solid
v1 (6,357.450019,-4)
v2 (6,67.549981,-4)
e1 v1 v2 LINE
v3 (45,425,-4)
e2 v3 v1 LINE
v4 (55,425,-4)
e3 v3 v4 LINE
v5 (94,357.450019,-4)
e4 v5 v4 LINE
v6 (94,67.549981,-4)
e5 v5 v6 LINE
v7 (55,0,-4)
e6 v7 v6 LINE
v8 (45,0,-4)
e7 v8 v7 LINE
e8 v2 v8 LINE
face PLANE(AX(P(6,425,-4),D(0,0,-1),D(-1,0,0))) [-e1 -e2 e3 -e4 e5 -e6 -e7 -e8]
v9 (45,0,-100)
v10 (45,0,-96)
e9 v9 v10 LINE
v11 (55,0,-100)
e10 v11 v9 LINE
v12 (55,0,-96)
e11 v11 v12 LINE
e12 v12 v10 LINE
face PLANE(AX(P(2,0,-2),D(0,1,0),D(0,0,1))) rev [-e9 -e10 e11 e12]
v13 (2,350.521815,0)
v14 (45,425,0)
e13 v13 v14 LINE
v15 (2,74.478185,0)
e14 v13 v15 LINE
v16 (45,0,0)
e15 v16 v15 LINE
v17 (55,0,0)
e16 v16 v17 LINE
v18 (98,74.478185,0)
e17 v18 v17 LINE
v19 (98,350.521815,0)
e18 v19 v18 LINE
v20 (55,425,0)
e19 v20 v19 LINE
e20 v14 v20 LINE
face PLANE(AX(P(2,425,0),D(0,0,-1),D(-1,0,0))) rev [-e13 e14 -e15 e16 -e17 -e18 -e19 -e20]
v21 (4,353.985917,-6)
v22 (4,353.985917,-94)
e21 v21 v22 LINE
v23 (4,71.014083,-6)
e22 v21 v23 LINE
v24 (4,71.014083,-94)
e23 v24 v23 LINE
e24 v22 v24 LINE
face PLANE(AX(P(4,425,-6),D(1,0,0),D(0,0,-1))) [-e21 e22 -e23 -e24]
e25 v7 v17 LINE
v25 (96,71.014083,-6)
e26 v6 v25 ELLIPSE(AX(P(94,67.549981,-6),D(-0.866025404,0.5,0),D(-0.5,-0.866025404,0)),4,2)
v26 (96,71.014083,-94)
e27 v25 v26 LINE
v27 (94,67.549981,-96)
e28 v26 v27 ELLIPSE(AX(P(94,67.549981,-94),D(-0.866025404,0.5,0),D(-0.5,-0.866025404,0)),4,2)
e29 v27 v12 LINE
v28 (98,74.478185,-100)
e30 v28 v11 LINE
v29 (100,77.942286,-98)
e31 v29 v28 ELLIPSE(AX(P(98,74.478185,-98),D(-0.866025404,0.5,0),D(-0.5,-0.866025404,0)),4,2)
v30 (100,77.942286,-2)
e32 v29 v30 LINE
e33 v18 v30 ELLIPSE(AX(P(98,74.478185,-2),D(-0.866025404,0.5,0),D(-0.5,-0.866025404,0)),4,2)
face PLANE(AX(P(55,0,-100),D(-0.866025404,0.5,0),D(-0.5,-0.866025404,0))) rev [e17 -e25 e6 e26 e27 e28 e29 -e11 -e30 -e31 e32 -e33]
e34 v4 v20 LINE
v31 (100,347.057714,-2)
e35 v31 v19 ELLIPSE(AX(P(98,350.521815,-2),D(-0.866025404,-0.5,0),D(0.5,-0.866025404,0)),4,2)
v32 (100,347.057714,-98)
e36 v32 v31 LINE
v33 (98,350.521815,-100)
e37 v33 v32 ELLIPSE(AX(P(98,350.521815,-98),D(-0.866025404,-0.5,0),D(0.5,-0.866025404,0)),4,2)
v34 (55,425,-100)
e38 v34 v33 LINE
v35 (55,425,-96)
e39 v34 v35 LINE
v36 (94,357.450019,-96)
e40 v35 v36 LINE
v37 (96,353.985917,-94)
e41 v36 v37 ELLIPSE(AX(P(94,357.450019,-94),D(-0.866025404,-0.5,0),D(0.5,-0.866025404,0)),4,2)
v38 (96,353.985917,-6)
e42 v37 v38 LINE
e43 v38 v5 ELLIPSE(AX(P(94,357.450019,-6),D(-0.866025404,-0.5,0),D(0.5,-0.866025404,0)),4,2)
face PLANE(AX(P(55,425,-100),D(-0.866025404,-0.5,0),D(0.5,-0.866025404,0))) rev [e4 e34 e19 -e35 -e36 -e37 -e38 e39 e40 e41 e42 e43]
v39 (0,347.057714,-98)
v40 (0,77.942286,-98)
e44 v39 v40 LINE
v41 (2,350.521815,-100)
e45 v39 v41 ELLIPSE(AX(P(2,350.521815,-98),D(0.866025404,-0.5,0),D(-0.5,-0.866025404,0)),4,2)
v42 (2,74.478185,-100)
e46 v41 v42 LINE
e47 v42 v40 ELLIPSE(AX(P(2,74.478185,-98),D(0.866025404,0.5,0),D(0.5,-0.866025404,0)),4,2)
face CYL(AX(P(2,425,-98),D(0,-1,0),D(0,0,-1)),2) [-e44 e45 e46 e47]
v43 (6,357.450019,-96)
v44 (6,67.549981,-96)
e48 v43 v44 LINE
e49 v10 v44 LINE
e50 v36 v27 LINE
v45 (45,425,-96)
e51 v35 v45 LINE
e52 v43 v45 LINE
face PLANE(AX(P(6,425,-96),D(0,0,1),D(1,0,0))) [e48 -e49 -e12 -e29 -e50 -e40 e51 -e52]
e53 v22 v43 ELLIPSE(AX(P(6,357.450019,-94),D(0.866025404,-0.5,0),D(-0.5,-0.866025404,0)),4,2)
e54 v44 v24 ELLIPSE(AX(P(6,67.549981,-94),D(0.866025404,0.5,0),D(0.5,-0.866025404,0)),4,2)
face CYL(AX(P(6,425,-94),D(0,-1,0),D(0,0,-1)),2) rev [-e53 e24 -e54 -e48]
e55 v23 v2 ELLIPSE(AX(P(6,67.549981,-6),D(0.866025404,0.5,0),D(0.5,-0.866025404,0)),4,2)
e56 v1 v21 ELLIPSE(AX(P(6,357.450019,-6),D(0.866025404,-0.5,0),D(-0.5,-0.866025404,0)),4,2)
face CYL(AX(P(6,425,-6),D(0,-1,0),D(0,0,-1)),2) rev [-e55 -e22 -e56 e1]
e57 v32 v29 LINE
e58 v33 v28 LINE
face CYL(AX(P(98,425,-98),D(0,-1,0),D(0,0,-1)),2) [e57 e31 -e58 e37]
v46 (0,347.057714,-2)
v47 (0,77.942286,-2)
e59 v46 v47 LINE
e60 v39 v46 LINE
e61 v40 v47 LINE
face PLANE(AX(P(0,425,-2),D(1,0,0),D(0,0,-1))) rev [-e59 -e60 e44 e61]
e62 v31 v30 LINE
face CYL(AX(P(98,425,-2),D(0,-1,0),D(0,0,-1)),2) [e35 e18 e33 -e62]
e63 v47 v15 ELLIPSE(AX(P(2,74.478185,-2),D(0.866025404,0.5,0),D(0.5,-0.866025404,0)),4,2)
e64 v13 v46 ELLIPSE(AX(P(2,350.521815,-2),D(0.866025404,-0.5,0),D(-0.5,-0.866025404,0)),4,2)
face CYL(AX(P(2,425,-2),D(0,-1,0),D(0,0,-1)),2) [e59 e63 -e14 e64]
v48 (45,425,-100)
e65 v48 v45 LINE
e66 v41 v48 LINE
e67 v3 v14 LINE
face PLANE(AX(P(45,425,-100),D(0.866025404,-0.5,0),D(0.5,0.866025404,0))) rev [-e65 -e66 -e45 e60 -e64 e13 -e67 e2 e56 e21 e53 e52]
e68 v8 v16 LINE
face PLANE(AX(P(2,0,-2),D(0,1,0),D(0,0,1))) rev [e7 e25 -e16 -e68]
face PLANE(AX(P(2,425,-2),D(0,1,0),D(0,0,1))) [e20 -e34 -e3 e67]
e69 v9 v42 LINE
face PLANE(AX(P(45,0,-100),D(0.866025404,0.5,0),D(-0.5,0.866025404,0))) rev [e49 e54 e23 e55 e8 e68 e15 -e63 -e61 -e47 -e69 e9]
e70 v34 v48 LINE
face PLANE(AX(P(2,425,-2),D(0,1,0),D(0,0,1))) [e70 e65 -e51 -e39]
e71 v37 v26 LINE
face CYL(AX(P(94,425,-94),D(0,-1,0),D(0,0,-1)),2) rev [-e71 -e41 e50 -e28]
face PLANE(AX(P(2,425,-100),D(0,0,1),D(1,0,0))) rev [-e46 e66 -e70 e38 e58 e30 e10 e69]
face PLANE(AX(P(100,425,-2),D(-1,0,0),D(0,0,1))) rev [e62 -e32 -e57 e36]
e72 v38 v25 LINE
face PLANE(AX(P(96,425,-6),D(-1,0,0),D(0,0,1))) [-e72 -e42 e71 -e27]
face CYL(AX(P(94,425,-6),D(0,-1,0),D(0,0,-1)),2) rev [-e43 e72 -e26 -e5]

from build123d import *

# Parameters (mm, degrees)
BOSS_EXTRU_1_DEPTH      = 425
ENL_V_MAT_EXTRU_1_DEPTH = 448.911821679


with BuildPart() as part:
    # Esquisse2 → Boss.-Extru.1 (new body)
    with BuildSketch(Plane(origin=(0, 0, 0), x_dir=(1, 0, 0), z_dir=(0, 1, 0))):
        with BuildLine():
            Line((2, 0), (98, 0))
            ThreePointArc((98, 0), (99.414213562, 0.585786438), (100, 2))
            Line((100, 2), (100, 98))
            ThreePointArc((100, 98), (99.414213562, 99.414213562), (98, 100))
            Line((98, 100), (2, 100))
            ThreePointArc((2, 100), (0.585786438, 99.414213562), (0, 98))
            Line((0, 98), (0, 2))
            ThreePointArc((0, 2), (0.585786438, 0.585786438), (2, 0))
        make_face()
        with BuildLine():
            Line((6, 96), (94, 96))
            ThreePointArc((94, 96), (95.414213562, 95.414213562), (96, 94))
            Line((96, 94), (96, 6))
            ThreePointArc((96, 6), (95.414213562, 4.585786438), (94, 4))
            Line((94, 4), (6, 4))
            ThreePointArc((6, 4), (4.585786438, 4.585786438), (4, 6))
            Line((4, 6), (4, 94))
            ThreePointArc((4, 94), (4.585786438, 95.414213562), (6, 96))
        make_face(mode=Mode.SUBTRACT)
    extrude(amount=BOSS_EXTRU_1_DEPTH)

    # Esquisse3 → Enlèv. mat.-Extru.1 (cut, through all)
    with BuildSketch(Plane.XY):
        Polygon((45, 425), (0, 347.057713659), (-62.450183936, 347.057713659), (-62.450183936, 486.30167962), (45, 486.30167962), align=None)
        Polygon((45, 0), (0, 77.942286341), (-44.197295574, 77.942286341), (-44.197295574, -11.830713302), (45, -11.830713302), align=None)
        Polygon((55, -11.830713302), (55, 0), (100, 77.942286341), (144.197295574, 77.942286341), (144.197295574, -11.830713302), align=None)
        Polygon((55, 486.30167962), (55, 425), (100, 347.057713659), (162.450183936, 347.057713659), (162.450183936, 486.30167962), align=None)
    extrude(amount=-ENL_V_MAT_EXTRU_1_DEPTH, mode=Mode.SUBTRACT)


solid = part.part
